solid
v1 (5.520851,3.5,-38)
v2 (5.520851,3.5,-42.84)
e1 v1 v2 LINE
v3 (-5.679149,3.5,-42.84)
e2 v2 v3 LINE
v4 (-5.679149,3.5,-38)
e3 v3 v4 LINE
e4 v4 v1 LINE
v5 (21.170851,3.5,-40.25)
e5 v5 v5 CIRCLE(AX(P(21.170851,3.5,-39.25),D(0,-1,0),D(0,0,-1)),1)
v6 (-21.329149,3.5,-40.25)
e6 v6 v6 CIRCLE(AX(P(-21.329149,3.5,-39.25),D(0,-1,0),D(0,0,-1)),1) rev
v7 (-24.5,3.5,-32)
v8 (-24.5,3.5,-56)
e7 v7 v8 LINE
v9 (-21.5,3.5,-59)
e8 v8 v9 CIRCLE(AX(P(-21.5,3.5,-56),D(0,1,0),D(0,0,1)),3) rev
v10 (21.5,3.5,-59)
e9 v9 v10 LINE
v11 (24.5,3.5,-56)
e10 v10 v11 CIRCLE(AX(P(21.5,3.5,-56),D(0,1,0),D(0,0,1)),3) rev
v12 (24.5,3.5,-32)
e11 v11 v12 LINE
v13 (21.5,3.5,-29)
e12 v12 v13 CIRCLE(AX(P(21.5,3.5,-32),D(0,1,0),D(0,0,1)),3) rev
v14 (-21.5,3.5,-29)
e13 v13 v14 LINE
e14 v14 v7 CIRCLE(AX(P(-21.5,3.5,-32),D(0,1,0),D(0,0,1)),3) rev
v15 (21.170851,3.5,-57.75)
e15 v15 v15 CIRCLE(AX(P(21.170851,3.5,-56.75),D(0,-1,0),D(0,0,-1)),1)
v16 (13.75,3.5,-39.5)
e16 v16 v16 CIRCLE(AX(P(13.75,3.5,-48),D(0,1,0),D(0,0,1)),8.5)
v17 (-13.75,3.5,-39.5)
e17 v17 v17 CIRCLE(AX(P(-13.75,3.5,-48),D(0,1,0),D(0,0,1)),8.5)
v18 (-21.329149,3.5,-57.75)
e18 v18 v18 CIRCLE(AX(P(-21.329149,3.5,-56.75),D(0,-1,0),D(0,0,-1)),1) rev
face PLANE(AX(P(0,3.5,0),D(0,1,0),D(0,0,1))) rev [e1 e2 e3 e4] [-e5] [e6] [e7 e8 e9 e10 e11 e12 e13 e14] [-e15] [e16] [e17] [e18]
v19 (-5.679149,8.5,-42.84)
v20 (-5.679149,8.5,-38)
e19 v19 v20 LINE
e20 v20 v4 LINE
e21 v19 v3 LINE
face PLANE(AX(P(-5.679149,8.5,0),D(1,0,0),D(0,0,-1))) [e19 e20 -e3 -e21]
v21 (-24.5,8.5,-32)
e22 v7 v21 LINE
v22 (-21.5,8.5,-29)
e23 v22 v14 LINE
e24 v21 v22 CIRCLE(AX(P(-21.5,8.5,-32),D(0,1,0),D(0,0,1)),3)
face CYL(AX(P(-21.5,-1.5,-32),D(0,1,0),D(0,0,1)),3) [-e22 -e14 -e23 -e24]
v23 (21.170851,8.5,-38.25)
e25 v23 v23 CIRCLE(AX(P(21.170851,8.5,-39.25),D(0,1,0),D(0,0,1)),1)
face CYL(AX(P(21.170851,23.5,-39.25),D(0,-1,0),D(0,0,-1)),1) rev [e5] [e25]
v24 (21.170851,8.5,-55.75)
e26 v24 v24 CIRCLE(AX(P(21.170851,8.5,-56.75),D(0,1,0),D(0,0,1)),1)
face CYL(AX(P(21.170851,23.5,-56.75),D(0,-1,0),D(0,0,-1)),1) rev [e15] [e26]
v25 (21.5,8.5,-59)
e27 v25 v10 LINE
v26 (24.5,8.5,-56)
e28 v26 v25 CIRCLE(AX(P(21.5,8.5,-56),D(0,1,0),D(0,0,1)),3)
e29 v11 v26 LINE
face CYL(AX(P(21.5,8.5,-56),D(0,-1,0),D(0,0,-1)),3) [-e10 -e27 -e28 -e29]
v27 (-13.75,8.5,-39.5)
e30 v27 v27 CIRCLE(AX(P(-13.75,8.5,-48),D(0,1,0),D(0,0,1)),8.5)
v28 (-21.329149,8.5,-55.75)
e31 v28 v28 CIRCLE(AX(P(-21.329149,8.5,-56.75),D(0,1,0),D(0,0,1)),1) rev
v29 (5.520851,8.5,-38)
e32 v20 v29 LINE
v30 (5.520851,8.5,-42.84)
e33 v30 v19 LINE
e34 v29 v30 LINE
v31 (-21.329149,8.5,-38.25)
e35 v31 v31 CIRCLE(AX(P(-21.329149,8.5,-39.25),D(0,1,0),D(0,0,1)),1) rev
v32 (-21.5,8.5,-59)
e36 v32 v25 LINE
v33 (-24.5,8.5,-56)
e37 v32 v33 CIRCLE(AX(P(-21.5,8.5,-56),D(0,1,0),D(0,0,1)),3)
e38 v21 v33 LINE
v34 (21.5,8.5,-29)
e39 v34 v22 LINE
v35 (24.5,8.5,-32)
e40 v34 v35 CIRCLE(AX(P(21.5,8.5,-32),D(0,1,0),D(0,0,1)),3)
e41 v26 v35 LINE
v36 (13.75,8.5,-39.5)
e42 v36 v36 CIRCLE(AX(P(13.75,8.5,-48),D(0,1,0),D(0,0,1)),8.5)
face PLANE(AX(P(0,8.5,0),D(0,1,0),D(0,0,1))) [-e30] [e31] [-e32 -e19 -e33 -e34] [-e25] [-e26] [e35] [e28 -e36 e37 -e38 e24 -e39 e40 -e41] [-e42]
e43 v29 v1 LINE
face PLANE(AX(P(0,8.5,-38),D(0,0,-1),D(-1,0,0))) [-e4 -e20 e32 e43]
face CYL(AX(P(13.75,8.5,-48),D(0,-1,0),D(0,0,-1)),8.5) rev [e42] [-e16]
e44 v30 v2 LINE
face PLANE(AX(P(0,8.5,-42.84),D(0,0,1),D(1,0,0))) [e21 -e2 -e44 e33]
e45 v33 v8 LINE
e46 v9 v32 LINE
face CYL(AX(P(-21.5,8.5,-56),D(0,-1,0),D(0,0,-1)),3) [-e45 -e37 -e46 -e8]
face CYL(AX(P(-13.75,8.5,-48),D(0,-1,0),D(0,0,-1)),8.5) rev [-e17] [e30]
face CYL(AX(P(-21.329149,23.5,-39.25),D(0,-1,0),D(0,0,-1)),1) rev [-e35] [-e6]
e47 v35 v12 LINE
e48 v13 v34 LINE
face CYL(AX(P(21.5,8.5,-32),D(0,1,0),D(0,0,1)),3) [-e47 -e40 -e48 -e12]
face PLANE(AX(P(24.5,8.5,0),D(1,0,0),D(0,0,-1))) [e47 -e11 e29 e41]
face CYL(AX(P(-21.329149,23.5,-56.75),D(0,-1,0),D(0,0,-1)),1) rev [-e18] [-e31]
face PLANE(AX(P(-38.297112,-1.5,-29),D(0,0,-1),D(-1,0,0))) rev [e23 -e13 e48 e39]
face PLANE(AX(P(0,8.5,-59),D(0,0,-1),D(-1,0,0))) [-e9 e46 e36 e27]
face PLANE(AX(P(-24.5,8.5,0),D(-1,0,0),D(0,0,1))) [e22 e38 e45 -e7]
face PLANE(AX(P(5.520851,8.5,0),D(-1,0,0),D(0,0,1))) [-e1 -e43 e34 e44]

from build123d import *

# Parameters (mm, degrees)
SKETCH1_R           = 21
SKETCH1_R_2         = 20
BOSS_EXTRUDE1_DEPTH = 3.5
SKETCH2_R           = 3.55
SKETCH2_R_2         = 6.55
SKETCH2_R_3         = 2.55
SKETCH2_R_4         = 8.5
SKETCH2_W           = 11.2
SKETCH2_H           = 4.84
BOSS_EXTRUDE2_DEPTH = 5
SKETCH3_W           = 11.2
SKETCH3_H           = 4.84
SKETCH3_W_2         = 49
SKETCH3_H_2         = 8
SKETCH3_R           = 8.5
IGNORE_DEPTH        = 5
SKETCH4_R           = 8.5
SKETCH4_W           = 11.2
SKETCH4_H           = 4.84
CUT_EXTRUDE2_DEPTH  = 71.901339903
FILLET1_R           = 3
SKETCH5_W           = 42
SKETCH5_H           = 3.5
CUT_EXTRUDE3_DEPTH  = 25
CUT_EXTRUDE5_DEPTH  = 10
FILLET2_R           = 3
SKETCH8_R           = 1
CUT_EXTRUDE6_DEPTH  = 20


with BuildPart() as part:
    # Sketch1 → Boss-Extrude1 (new body)
    with BuildSketch(Plane(origin=(0, 0, 0), x_dir=(1, 0, 0), z_dir=(0, 1, 0))):
        with Locations(Location((0, 0, 0), (0, 0, 90))):
            Circle(SKETCH1_R)
        with Locations(Location((0, 0, 0), (0, 0, 90))):
            Circle(SKETCH1_R_2, mode=Mode.SUBTRACT)
    extrude(amount=BOSS_EXTRUDE1_DEPTH)

    # Sketch2 → Boss-Extrude2 (add)
    with BuildSketch(Plane(origin=(0, 3.5, 0), x_dir=(1, 0, 0), z_dir=(0, 1, 0))):
        Polygon((-29, -5), (-29, -29), (29, -29), (29, -5), (39, -5), (39, 5), (29, 5), (29, 29), (24.5, 29), (24.5, 51), (-24.5, 51), (-24.5, 29), (-29, 29), (-29, 5), (-39, 5), (-39, -5), align=None)
        with Locations(Location((-23.55, -23.55, 0), (0, 0, 270))):
            Circle(SKETCH2_R, mode=Mode.SUBTRACT)
        with Locations(Location((23.55, -23.55, 0), (0, 0, 270))):
            Circle(SKETCH2_R, mode=Mode.SUBTRACT)
        with Locations(Location((0, 0, 0), (0, 0, 270))):
            Circle(SKETCH2_R_2, mode=Mode.SUBTRACT)
        with Locations(Location((-23.55, 23.55, 0), (0, 0, 270))):
            Circle(SKETCH2_R, mode=Mode.SUBTRACT)
        with Locations(Location((23.55, 23.55, 0), (0, 0, 270))):
            Circle(SKETCH2_R, mode=Mode.SUBTRACT)
        with Locations(Location((-34, 0, 0), (0, 0, 270))):
            Circle(SKETCH2_R_3, mode=Mode.SUBTRACT)
        with Locations(Location((34, 0, 0), (0, 0, 270))):
            Circle(SKETCH2_R_3, mode=Mode.SUBTRACT)
        with Locations(Location((13.76, 39, 0), (0, 0, 270))):
            Circle(SKETCH2_R_4, mode=Mode.SUBTRACT)
        with Locations(Location((-13.76, 39, 0), (0, 0, 270))):
            Circle(SKETCH2_R_4, mode=Mode.SUBTRACT)
        with Locations((0, 46.28)):
            Rectangle(SKETCH2_W, SKETCH2_H, mode=Mode.SUBTRACT)
    extrude(amount=BOSS_EXTRUDE2_DEPTH)

    # Sketch3 → Ignore (add)
    with BuildSketch(Plane(origin=(0, 3.5, 0), x_dir=(1, 0, 0), z_dir=(0, 1, 0))):
        with Locations((0, 46.28)):
            Rectangle(SKETCH3_W, SKETCH3_H)
        with Locations((0, 55)):
            Rectangle(SKETCH3_W_2, SKETCH3_H_2)
        with Locations((13.76, 39)):
            Circle(SKETCH3_R)
        with Locations((-13.76, 39)):
            Circle(SKETCH3_R)
    extrude(amount=IGNORE_DEPTH)

    # Sketch4 → Cut-Extrude2 (cut, through all)
    with BuildSketch(Plane(origin=(0, 3.5, 0), x_dir=(1, 0, 0), z_dir=(0, 1, 0))):
        with Locations(Location((-13.75, 48, 0), (0, 0, 270))):
            Circle(SKETCH4_R)
        with Locations(Location((13.75, 48, 0), (0, 0, 270))):
            Circle(SKETCH4_R)
        with Locations((-0.079148889, 40.42)):
            Rectangle(SKETCH4_W, SKETCH4_H)
    extrude(amount=CUT_EXTRUDE2_DEPTH, mode=Mode.SUBTRACT)

    # Fillet1
    fillet1_edges = [part.edges().sort_by_distance(p)[0] for p in [
        (-29, 6, 29),
        (29, 6, 29),
        (39, 6, 5),
        (39, 6, -5),
        (29, 6, -29),
        (-29, 6, -29),
        (-39, 6, -5),
        (-39, 6, 5),
        (24.5, 6, -59),
        (-24.5, 6, -59),
    ]]
    fillet(fillet1_edges, radius=FILLET1_R)

    # Sketch5 → Cut-Extrude3 (cut, symmetric)
    with BuildSketch(Plane.XY):
        with Locations((0, 1.75)):
            Rectangle(SKETCH5_W, SKETCH5_H)
    extrude(amount=CUT_EXTRUDE3_DEPTH, both=True, mode=Mode.SUBTRACT)

    # Sketch6 → Cut-Extrude5 (cut)
    with BuildSketch(Plane(origin=(0, 8.5, 0), x_dir=(1, 0, 0), z_dir=(0, 1, 0))):
        Polygon((-26, 29), (24.5, 29), (43.321910497, 29), (43.321910497, -33.14300085), (-52.072842779, -33.14300085), (-52.072842779, 29), (-38.2971121, 29), align=None)
    extrude(amount=-CUT_EXTRUDE5_DEPTH, mode=Mode.SUBTRACT)

    # Fillet2
    fillet2_edges = [part.edges().sort_by_distance(p)[0] for p in [
        (24.5, 6, -29),
        (-24.5, 6, -29),
    ]]
    fillet(fillet2_edges, radius=FILLET2_R)

    # Sketch8 → Cut-Extrude6 (cut)
    with BuildSketch(Plane.XZ.offset(-3.5)):
        with Locations(Location((-21.329148889, -39.25, 0), (0, 0, 270))):
            Circle(SKETCH8_R)
        with Locations(Location((-21.329148889, -56.75, 0), (0, 0, 270))):
            Circle(SKETCH8_R)
        with Locations(Location((21.170851111, -56.75, 0), (0, 0, 270))):
            Circle(SKETCH8_R)
        with Locations(Location((21.170851111, -39.25, 0), (0, 0, 270))):
            Circle(SKETCH8_R)
    extrude(amount=-CUT_EXTRUDE6_DEPTH, mode=Mode.SUBTRACT)


solid = part.part
